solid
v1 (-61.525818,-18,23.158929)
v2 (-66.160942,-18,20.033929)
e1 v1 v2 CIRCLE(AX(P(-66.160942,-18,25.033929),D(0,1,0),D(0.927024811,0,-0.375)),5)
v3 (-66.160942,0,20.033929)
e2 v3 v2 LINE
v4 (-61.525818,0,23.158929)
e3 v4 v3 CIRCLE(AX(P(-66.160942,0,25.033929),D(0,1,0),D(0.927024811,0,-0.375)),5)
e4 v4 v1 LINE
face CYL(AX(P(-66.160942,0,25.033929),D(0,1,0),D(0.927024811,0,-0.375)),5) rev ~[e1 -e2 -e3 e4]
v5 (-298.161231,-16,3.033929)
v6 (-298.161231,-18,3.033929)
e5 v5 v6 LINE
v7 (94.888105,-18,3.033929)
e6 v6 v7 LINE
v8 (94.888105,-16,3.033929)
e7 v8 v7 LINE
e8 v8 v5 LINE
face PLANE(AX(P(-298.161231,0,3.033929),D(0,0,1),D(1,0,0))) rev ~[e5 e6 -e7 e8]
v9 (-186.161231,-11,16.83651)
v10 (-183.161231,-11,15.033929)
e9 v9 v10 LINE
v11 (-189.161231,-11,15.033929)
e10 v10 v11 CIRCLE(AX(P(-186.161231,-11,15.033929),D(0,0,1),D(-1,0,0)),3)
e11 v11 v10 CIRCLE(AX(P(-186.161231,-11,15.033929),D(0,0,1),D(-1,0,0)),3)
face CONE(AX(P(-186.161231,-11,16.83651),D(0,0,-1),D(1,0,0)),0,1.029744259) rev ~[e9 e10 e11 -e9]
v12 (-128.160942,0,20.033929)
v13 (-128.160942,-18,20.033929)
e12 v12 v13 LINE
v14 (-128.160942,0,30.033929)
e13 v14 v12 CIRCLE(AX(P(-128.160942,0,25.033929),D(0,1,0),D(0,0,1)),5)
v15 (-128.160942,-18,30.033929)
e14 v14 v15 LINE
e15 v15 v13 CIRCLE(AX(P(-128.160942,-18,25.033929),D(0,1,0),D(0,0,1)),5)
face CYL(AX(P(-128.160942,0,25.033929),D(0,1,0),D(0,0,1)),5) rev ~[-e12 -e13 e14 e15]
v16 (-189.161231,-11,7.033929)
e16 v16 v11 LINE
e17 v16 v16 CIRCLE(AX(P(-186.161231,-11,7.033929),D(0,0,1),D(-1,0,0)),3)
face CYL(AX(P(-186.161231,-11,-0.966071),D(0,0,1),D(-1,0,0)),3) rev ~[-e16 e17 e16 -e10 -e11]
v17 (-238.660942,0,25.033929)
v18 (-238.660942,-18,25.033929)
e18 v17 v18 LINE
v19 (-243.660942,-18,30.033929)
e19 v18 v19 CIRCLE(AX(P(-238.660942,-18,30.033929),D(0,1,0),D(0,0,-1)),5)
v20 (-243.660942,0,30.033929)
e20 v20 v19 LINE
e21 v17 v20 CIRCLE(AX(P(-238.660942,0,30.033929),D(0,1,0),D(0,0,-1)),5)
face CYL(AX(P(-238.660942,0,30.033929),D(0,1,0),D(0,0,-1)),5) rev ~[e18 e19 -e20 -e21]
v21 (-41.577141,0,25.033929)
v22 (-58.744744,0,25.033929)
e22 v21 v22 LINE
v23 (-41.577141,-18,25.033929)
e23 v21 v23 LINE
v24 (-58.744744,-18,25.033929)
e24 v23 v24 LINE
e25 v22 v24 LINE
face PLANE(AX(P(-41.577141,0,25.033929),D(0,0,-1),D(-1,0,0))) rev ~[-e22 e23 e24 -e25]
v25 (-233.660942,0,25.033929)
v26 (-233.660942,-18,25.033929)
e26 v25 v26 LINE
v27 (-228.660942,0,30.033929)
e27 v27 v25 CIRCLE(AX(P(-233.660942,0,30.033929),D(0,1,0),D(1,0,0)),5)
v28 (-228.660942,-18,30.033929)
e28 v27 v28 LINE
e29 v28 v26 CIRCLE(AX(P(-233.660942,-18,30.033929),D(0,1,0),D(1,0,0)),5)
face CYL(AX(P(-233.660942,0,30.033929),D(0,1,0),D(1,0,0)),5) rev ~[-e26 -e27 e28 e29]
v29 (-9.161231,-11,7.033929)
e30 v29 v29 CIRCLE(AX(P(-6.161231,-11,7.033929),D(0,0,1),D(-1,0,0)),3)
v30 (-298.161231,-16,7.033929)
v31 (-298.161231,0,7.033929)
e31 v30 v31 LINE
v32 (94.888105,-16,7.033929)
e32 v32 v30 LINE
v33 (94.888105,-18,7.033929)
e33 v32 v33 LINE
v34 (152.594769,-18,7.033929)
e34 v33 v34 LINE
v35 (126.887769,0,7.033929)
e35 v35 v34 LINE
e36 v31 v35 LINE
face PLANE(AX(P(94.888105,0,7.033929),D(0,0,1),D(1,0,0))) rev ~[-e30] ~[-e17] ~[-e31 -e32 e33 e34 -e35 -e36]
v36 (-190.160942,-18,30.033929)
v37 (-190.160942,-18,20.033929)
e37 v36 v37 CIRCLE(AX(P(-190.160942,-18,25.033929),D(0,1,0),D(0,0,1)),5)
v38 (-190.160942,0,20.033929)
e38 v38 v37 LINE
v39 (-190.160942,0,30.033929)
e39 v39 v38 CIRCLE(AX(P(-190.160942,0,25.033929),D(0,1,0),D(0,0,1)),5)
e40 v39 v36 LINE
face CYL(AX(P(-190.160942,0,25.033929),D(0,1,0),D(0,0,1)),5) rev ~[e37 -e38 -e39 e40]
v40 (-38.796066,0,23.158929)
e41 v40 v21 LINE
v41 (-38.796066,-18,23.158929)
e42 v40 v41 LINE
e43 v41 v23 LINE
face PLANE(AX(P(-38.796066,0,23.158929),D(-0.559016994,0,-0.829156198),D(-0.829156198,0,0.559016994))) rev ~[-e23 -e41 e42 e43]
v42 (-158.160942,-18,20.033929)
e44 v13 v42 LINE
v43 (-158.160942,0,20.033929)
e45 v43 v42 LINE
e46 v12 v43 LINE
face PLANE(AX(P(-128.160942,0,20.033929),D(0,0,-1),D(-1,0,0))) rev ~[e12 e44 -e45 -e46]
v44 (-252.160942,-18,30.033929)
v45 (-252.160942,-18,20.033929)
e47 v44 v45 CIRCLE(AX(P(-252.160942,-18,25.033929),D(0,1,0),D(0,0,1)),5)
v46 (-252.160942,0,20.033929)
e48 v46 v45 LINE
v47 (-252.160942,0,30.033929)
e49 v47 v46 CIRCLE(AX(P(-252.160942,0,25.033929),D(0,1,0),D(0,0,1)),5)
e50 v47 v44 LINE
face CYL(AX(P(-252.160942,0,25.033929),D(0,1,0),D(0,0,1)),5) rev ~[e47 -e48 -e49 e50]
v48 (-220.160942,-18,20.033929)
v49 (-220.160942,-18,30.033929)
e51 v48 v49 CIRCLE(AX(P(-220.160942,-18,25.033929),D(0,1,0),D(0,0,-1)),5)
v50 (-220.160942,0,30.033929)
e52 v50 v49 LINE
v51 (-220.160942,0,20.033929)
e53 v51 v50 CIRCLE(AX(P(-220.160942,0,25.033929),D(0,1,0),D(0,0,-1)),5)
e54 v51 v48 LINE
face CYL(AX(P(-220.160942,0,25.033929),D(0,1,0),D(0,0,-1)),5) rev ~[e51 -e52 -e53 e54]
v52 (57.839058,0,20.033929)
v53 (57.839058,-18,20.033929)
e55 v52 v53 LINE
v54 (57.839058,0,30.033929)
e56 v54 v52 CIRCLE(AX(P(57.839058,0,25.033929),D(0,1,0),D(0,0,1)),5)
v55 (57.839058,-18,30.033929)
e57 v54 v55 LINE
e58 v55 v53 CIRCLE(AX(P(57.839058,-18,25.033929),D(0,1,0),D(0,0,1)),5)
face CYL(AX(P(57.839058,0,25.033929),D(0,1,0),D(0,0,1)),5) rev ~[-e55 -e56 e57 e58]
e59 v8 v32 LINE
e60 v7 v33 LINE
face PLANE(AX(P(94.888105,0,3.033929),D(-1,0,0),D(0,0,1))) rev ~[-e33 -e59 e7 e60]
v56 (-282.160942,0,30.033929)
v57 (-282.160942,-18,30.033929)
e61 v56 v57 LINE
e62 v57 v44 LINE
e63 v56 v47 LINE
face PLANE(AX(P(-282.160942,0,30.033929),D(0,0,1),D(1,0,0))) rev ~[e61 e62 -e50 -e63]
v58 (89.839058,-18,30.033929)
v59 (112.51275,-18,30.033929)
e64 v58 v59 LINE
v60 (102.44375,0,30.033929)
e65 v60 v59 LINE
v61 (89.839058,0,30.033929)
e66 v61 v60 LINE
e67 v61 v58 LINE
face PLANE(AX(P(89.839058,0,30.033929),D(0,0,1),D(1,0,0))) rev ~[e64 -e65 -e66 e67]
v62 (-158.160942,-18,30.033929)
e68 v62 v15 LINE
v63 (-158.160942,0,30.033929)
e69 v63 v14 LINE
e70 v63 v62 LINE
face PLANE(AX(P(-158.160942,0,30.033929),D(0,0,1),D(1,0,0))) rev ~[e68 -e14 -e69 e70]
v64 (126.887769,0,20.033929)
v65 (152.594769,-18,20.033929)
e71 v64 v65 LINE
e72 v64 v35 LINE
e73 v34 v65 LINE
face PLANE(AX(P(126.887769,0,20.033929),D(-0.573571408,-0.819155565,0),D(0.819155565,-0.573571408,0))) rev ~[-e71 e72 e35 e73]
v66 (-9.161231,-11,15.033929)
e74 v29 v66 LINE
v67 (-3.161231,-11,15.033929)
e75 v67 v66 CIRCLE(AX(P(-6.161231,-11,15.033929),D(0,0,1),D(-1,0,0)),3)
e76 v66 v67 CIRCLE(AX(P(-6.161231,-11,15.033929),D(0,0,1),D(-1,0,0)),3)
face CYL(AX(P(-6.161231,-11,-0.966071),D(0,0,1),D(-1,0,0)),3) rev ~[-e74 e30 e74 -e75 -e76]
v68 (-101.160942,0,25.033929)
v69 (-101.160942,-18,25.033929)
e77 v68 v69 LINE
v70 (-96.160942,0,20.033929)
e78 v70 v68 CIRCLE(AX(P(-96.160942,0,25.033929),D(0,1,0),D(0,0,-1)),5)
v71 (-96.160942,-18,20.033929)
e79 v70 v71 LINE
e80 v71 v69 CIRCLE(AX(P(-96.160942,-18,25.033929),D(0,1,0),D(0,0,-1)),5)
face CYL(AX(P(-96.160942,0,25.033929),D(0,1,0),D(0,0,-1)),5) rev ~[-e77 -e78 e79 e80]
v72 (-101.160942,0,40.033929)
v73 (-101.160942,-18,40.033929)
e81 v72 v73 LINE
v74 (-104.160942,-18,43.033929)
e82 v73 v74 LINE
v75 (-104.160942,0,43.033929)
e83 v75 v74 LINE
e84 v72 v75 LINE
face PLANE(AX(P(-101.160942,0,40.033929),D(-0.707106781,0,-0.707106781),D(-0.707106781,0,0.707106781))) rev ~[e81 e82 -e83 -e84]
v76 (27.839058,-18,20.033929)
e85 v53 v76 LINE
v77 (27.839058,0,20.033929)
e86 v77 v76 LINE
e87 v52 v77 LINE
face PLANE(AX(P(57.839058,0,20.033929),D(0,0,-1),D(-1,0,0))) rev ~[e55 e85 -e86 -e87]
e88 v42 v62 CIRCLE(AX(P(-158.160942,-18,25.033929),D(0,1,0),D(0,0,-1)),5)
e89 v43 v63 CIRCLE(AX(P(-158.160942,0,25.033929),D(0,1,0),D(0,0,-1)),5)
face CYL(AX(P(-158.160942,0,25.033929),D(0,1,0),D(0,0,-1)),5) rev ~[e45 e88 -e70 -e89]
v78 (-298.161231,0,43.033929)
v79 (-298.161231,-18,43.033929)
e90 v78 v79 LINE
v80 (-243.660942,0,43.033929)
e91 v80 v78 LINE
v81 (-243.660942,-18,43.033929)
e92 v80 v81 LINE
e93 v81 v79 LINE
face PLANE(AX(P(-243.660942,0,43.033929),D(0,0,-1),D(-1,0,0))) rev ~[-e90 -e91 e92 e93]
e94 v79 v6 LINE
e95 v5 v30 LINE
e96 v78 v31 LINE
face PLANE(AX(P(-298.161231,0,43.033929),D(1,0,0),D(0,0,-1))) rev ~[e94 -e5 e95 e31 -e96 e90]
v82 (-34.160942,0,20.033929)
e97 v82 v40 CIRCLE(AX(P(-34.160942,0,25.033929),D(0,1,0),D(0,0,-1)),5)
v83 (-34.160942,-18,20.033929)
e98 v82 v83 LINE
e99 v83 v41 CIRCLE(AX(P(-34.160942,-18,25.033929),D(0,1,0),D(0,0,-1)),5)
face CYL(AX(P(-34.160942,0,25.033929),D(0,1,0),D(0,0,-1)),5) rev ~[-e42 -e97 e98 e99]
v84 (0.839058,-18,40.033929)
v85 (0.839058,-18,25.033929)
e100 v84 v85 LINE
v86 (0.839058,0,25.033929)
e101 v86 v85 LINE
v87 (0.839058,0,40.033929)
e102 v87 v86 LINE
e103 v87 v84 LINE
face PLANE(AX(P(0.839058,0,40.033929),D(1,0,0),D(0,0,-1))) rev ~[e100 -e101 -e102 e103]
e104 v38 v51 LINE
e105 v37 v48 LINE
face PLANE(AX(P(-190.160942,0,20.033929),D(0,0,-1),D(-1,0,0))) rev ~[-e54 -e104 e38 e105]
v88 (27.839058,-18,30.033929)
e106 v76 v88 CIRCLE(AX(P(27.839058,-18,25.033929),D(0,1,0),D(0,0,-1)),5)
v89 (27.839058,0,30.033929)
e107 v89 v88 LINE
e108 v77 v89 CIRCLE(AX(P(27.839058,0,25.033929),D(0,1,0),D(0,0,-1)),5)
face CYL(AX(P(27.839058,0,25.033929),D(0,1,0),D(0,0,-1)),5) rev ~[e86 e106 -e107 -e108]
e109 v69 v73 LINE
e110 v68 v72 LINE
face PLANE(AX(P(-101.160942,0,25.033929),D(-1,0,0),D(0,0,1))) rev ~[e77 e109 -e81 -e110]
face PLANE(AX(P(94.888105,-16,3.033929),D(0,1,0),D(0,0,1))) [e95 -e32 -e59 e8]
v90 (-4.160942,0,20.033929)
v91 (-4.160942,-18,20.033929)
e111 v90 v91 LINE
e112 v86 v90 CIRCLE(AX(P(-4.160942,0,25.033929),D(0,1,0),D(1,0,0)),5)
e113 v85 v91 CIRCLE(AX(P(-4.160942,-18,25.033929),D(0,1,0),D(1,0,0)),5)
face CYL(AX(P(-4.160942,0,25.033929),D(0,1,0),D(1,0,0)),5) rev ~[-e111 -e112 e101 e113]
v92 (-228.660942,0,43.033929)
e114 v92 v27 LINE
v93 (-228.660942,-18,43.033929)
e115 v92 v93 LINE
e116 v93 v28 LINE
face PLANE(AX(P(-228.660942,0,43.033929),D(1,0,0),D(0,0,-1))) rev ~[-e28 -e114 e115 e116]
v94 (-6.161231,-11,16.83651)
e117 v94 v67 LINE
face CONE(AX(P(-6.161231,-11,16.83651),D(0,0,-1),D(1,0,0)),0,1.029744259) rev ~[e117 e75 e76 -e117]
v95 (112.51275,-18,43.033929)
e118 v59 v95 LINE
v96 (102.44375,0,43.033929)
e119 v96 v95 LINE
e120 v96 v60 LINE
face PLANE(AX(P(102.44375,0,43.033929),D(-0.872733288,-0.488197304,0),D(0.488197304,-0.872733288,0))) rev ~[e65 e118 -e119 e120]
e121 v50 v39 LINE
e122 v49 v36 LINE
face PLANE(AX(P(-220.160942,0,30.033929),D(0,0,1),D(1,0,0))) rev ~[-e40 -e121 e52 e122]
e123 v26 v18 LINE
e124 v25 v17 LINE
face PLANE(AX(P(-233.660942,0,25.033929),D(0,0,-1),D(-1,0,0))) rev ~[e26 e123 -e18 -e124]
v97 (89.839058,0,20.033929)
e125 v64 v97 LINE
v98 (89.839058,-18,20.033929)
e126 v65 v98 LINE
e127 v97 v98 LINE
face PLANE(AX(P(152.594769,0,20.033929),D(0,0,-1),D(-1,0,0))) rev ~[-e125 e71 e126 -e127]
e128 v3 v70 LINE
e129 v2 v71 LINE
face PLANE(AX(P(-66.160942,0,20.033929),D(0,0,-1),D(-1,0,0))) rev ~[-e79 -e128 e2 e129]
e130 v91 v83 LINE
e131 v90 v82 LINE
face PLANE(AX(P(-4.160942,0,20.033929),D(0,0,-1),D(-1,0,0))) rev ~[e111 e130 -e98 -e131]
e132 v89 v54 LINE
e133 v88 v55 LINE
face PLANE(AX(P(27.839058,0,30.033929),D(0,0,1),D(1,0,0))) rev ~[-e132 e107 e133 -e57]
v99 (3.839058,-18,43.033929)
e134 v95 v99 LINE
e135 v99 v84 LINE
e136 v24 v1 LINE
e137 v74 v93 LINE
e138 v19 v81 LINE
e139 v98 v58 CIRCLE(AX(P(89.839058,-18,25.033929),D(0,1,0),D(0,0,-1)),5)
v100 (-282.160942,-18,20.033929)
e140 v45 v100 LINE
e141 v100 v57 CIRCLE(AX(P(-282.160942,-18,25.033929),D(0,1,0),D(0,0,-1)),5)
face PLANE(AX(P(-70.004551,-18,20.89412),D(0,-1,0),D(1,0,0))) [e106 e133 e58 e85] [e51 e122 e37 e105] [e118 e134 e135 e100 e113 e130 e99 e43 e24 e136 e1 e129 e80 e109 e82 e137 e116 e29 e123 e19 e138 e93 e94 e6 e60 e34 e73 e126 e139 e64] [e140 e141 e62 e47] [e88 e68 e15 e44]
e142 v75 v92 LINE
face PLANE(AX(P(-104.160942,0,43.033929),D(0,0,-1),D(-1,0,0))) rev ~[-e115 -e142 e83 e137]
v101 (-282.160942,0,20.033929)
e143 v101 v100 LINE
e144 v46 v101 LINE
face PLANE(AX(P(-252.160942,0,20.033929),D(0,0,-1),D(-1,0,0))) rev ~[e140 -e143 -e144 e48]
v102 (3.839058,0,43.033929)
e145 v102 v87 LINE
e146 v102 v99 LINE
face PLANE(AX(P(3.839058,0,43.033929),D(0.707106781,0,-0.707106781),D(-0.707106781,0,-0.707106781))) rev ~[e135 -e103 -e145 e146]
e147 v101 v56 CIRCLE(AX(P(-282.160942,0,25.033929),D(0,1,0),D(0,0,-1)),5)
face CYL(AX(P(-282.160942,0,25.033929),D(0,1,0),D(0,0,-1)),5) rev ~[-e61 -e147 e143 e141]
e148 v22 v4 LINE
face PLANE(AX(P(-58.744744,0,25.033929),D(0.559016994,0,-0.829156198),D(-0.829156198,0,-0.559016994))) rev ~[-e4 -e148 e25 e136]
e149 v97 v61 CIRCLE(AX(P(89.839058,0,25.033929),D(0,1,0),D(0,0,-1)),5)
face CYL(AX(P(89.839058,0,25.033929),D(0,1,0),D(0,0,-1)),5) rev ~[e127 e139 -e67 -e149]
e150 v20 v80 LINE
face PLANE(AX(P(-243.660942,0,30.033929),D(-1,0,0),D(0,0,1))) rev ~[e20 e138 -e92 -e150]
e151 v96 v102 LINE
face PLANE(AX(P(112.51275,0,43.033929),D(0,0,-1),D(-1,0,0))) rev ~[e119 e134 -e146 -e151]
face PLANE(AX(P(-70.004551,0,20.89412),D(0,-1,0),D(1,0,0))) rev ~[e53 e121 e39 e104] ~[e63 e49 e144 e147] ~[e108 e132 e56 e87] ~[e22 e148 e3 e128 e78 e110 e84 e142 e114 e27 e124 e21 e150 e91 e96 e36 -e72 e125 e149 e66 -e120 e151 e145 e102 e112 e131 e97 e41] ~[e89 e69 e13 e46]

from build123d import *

# Parameters (mm, degrees)
F1_DEPTH = 18
F3_DEPTH = 25
F5_DEPTH = 18
F6_W     = 16
F6_H     = 4
F7_DEPTH = 600
F9_D     = 6
F9_DEPTH = 8
F9_TIP   = 1.8025818571


with BuildPart() as f1:
    # F0 (on Front) → F1 (new body)
    with BuildSketch(Plane.XZ):
        with BuildLine():
            Line((112.5127500061, 30.0339285255), (112.5127500061, 43.0339285255))
            Line((112.5127500061, 43.0339285255), (3.8390576642, 43.0339285255))
            Line((3.8390576642, 43.0339285255), (0.8390576642, 40.0339285255))
            Line((0.8390576642, 40.0339285255), (0.8390576642, 25.0339285255))
            ThreePointArc((0.8390576642, 25.0339285255), (-0.6254084298, 21.4983946196), (-4.1609423358, 20.0339285255))
            Line((-4.1609423358, 20.0339285255), (-34.1609423358, 20.0339285255))
            ThreePointArc((-34.1609423358, 20.0339285255), (-36.9560273076, 20.8881475376), (-38.7960663902, 23.1589285255))
            Line((-38.7960663902, 23.1589285255), (-41.5771408229, 25.0339285255))
            Line((-41.5771408229, 25.0339285255), (-58.7447438487, 25.0339285255))
            Line((-58.7447438487, 25.0339285255), (-61.5258182813, 23.1589285255))
            ThreePointArc((-61.5258182813, 23.1589285255), (-63.3658573639, 20.8881475376), (-66.1609423358, 20.0339285255))
            Line((-66.1609423358, 20.0339285255), (-96.1609423358, 20.0339285255))
            ThreePointArc((-96.1609423358, 20.0339285255), (-99.6964762417, 21.4983946196), (-101.1609423358, 25.0339285255))
            Line((-101.1609423358, 25.0339285255), (-101.1609423358, 40.0339285255))
            Line((-101.1609423358, 40.0339285255), (-104.1609423358, 43.0339285255))
            Line((-104.1609423358, 43.0339285255), (-228.6609423358, 43.0339285255))
            Line((-228.6609423358, 43.0339285255), (-228.6609423358, 30.0339285255))
            ThreePointArc((-228.6609423358, 30.0339285255), (-230.1254084298, 26.4983946196), (-233.6609423358, 25.0339285255))
            Line((-233.6609423358, 25.0339285255), (-238.6609423358, 25.0339285255))
            ThreePointArc((-238.6609423358, 25.0339285255), (-242.1964762417, 26.4983946196), (-243.6609423358, 30.0339285255))
            Line((-243.6609423358, 30.0339285255), (-243.6609423358, 43.0339285255))
            Line((-243.6609423358, 43.0339285255), (-298.1612311549, 43.0339285255))
            Line((-298.1612311549, 43.0339285255), (-298.1612311549, 3.0339285255))
            Line((-298.1612311549, 3.0339285255), (94.8881047238, 3.0339285255))
            Line((94.8881047238, 3.0339285255), (94.8881047238, 7.0339285255))
            Line((94.8881047238, 7.0339285255), (152.5947688451, 7.0339285255))
            Line((152.5947688451, 7.0339285255), (152.5947688451, 20.0339285255))
            Line((152.5947688451, 20.0339285255), (89.8390576642, 20.0339285255))
            ThreePointArc((89.8390576642, 20.0339285255), (84.8390576642, 25.0339285255), (89.8390576642, 30.0339285255))
            Line((89.8390576642, 30.0339285255), (112.5127500061, 30.0339285255))
        make_face()
        with BuildLine():
            ThreePointArc((-282.1609423358, 20.0339285255), (-287.1609423358, 25.0339285255), (-282.1609423358, 30.0339285255))
            Line((-282.1609423358, 30.0339285255), (-252.1609423358, 30.0339285255))
            ThreePointArc((-252.1609423358, 30.0339285255), (-247.1609423358, 25.0339285255), (-252.1609423358, 20.0339285255))
            Line((-252.1609423358, 20.0339285255), (-282.1609423358, 20.0339285255))
        make_face(mode=Mode.SUBTRACT)
        with BuildLine():
            ThreePointArc((-220.1609423358, 20.0339285255), (-225.1609423358, 25.0339285255), (-220.1609423358, 30.0339285255))
            Line((-220.1609423358, 30.0339285255), (-190.1609423358, 30.0339285255))
            ThreePointArc((-190.1609423358, 30.0339285255), (-185.1609423358, 25.0339285255), (-190.1609423358, 20.0339285255))
            Line((-190.1609423358, 20.0339285255), (-220.1609423358, 20.0339285255))
        make_face(mode=Mode.SUBTRACT)
        with BuildLine():
            ThreePointArc((-158.1609423358, 20.0339285255), (-163.1609423358, 25.0339285255), (-158.1609423358, 30.0339285255))
            Line((-158.1609423358, 30.0339285255), (-128.1609423358, 30.0339285255))
            ThreePointArc((-128.1609423358, 30.0339285255), (-123.1609423358, 25.0339285255), (-128.1609423358, 20.0339285255))
            Line((-128.1609423358, 20.0339285255), (-158.1609423358, 20.0339285255))
        make_face(mode=Mode.SUBTRACT)
        with BuildLine():
            ThreePointArc((27.8390576642, 20.0339285255), (22.8390576642, 25.0339285255), (27.8390576642, 30.0339285255))
            Line((27.8390576642, 30.0339285255), (57.8390576642, 30.0339285255))
            ThreePointArc((57.8390576642, 30.0339285255), (62.8390576642, 25.0339285255), (57.8390576642, 20.0339285255))
            Line((57.8390576642, 20.0339285255), (27.8390576642, 20.0339285255))
        make_face(mode=Mode.SUBTRACT)
    extrude(amount=F1_DEPTH)

    # F2 (on face) → F3 (cut)
    with BuildSketch(Plane.XY.offset(20.0339285255)):
        Polygon((152.5947688451, -18), (152.5947688451, 0), (126.8877688451, 0), align=None)
    extrude(amount=-F3_DEPTH, mode=Mode.SUBTRACT)

    # F4 (on face) → F5 (cut)
    with BuildSketch(Plane.XY.offset(43.0339285255)):
        Polygon((112.5127500061, -18), (112.5127500061, 0), (102.4437500061, 0), align=None)
    extrude(amount=-F5_DEPTH, mode=Mode.SUBTRACT)

    # F6 (on face) → F7 (cut)
    with BuildSketch(Plane.YZ.offset(94.8881047238)):
        with Locations((-8, 5.0339285255)):
            Rectangle(F6_W, F6_H)
    extrude(amount=-F7_DEPTH, mode=Mode.SUBTRACT)

    # F9
    with Locations(Plane(origin=(0, 0, 7.0339285255), x_dir=(1, 0, 0), z_dir=(0, 0, -1))):
        with Locations((-186.1612311549, 11), (-6.1612311549, 11)):
            Hole(F9_D / 2, depth=F9_DEPTH)
            with Locations((0, 0, -(F9_DEPTH + F9_TIP / 2))):  # 118° drill point
                Cone(0, F9_D / 2, F9_TIP, mode=Mode.SUBTRACT)


solid = f1.part
